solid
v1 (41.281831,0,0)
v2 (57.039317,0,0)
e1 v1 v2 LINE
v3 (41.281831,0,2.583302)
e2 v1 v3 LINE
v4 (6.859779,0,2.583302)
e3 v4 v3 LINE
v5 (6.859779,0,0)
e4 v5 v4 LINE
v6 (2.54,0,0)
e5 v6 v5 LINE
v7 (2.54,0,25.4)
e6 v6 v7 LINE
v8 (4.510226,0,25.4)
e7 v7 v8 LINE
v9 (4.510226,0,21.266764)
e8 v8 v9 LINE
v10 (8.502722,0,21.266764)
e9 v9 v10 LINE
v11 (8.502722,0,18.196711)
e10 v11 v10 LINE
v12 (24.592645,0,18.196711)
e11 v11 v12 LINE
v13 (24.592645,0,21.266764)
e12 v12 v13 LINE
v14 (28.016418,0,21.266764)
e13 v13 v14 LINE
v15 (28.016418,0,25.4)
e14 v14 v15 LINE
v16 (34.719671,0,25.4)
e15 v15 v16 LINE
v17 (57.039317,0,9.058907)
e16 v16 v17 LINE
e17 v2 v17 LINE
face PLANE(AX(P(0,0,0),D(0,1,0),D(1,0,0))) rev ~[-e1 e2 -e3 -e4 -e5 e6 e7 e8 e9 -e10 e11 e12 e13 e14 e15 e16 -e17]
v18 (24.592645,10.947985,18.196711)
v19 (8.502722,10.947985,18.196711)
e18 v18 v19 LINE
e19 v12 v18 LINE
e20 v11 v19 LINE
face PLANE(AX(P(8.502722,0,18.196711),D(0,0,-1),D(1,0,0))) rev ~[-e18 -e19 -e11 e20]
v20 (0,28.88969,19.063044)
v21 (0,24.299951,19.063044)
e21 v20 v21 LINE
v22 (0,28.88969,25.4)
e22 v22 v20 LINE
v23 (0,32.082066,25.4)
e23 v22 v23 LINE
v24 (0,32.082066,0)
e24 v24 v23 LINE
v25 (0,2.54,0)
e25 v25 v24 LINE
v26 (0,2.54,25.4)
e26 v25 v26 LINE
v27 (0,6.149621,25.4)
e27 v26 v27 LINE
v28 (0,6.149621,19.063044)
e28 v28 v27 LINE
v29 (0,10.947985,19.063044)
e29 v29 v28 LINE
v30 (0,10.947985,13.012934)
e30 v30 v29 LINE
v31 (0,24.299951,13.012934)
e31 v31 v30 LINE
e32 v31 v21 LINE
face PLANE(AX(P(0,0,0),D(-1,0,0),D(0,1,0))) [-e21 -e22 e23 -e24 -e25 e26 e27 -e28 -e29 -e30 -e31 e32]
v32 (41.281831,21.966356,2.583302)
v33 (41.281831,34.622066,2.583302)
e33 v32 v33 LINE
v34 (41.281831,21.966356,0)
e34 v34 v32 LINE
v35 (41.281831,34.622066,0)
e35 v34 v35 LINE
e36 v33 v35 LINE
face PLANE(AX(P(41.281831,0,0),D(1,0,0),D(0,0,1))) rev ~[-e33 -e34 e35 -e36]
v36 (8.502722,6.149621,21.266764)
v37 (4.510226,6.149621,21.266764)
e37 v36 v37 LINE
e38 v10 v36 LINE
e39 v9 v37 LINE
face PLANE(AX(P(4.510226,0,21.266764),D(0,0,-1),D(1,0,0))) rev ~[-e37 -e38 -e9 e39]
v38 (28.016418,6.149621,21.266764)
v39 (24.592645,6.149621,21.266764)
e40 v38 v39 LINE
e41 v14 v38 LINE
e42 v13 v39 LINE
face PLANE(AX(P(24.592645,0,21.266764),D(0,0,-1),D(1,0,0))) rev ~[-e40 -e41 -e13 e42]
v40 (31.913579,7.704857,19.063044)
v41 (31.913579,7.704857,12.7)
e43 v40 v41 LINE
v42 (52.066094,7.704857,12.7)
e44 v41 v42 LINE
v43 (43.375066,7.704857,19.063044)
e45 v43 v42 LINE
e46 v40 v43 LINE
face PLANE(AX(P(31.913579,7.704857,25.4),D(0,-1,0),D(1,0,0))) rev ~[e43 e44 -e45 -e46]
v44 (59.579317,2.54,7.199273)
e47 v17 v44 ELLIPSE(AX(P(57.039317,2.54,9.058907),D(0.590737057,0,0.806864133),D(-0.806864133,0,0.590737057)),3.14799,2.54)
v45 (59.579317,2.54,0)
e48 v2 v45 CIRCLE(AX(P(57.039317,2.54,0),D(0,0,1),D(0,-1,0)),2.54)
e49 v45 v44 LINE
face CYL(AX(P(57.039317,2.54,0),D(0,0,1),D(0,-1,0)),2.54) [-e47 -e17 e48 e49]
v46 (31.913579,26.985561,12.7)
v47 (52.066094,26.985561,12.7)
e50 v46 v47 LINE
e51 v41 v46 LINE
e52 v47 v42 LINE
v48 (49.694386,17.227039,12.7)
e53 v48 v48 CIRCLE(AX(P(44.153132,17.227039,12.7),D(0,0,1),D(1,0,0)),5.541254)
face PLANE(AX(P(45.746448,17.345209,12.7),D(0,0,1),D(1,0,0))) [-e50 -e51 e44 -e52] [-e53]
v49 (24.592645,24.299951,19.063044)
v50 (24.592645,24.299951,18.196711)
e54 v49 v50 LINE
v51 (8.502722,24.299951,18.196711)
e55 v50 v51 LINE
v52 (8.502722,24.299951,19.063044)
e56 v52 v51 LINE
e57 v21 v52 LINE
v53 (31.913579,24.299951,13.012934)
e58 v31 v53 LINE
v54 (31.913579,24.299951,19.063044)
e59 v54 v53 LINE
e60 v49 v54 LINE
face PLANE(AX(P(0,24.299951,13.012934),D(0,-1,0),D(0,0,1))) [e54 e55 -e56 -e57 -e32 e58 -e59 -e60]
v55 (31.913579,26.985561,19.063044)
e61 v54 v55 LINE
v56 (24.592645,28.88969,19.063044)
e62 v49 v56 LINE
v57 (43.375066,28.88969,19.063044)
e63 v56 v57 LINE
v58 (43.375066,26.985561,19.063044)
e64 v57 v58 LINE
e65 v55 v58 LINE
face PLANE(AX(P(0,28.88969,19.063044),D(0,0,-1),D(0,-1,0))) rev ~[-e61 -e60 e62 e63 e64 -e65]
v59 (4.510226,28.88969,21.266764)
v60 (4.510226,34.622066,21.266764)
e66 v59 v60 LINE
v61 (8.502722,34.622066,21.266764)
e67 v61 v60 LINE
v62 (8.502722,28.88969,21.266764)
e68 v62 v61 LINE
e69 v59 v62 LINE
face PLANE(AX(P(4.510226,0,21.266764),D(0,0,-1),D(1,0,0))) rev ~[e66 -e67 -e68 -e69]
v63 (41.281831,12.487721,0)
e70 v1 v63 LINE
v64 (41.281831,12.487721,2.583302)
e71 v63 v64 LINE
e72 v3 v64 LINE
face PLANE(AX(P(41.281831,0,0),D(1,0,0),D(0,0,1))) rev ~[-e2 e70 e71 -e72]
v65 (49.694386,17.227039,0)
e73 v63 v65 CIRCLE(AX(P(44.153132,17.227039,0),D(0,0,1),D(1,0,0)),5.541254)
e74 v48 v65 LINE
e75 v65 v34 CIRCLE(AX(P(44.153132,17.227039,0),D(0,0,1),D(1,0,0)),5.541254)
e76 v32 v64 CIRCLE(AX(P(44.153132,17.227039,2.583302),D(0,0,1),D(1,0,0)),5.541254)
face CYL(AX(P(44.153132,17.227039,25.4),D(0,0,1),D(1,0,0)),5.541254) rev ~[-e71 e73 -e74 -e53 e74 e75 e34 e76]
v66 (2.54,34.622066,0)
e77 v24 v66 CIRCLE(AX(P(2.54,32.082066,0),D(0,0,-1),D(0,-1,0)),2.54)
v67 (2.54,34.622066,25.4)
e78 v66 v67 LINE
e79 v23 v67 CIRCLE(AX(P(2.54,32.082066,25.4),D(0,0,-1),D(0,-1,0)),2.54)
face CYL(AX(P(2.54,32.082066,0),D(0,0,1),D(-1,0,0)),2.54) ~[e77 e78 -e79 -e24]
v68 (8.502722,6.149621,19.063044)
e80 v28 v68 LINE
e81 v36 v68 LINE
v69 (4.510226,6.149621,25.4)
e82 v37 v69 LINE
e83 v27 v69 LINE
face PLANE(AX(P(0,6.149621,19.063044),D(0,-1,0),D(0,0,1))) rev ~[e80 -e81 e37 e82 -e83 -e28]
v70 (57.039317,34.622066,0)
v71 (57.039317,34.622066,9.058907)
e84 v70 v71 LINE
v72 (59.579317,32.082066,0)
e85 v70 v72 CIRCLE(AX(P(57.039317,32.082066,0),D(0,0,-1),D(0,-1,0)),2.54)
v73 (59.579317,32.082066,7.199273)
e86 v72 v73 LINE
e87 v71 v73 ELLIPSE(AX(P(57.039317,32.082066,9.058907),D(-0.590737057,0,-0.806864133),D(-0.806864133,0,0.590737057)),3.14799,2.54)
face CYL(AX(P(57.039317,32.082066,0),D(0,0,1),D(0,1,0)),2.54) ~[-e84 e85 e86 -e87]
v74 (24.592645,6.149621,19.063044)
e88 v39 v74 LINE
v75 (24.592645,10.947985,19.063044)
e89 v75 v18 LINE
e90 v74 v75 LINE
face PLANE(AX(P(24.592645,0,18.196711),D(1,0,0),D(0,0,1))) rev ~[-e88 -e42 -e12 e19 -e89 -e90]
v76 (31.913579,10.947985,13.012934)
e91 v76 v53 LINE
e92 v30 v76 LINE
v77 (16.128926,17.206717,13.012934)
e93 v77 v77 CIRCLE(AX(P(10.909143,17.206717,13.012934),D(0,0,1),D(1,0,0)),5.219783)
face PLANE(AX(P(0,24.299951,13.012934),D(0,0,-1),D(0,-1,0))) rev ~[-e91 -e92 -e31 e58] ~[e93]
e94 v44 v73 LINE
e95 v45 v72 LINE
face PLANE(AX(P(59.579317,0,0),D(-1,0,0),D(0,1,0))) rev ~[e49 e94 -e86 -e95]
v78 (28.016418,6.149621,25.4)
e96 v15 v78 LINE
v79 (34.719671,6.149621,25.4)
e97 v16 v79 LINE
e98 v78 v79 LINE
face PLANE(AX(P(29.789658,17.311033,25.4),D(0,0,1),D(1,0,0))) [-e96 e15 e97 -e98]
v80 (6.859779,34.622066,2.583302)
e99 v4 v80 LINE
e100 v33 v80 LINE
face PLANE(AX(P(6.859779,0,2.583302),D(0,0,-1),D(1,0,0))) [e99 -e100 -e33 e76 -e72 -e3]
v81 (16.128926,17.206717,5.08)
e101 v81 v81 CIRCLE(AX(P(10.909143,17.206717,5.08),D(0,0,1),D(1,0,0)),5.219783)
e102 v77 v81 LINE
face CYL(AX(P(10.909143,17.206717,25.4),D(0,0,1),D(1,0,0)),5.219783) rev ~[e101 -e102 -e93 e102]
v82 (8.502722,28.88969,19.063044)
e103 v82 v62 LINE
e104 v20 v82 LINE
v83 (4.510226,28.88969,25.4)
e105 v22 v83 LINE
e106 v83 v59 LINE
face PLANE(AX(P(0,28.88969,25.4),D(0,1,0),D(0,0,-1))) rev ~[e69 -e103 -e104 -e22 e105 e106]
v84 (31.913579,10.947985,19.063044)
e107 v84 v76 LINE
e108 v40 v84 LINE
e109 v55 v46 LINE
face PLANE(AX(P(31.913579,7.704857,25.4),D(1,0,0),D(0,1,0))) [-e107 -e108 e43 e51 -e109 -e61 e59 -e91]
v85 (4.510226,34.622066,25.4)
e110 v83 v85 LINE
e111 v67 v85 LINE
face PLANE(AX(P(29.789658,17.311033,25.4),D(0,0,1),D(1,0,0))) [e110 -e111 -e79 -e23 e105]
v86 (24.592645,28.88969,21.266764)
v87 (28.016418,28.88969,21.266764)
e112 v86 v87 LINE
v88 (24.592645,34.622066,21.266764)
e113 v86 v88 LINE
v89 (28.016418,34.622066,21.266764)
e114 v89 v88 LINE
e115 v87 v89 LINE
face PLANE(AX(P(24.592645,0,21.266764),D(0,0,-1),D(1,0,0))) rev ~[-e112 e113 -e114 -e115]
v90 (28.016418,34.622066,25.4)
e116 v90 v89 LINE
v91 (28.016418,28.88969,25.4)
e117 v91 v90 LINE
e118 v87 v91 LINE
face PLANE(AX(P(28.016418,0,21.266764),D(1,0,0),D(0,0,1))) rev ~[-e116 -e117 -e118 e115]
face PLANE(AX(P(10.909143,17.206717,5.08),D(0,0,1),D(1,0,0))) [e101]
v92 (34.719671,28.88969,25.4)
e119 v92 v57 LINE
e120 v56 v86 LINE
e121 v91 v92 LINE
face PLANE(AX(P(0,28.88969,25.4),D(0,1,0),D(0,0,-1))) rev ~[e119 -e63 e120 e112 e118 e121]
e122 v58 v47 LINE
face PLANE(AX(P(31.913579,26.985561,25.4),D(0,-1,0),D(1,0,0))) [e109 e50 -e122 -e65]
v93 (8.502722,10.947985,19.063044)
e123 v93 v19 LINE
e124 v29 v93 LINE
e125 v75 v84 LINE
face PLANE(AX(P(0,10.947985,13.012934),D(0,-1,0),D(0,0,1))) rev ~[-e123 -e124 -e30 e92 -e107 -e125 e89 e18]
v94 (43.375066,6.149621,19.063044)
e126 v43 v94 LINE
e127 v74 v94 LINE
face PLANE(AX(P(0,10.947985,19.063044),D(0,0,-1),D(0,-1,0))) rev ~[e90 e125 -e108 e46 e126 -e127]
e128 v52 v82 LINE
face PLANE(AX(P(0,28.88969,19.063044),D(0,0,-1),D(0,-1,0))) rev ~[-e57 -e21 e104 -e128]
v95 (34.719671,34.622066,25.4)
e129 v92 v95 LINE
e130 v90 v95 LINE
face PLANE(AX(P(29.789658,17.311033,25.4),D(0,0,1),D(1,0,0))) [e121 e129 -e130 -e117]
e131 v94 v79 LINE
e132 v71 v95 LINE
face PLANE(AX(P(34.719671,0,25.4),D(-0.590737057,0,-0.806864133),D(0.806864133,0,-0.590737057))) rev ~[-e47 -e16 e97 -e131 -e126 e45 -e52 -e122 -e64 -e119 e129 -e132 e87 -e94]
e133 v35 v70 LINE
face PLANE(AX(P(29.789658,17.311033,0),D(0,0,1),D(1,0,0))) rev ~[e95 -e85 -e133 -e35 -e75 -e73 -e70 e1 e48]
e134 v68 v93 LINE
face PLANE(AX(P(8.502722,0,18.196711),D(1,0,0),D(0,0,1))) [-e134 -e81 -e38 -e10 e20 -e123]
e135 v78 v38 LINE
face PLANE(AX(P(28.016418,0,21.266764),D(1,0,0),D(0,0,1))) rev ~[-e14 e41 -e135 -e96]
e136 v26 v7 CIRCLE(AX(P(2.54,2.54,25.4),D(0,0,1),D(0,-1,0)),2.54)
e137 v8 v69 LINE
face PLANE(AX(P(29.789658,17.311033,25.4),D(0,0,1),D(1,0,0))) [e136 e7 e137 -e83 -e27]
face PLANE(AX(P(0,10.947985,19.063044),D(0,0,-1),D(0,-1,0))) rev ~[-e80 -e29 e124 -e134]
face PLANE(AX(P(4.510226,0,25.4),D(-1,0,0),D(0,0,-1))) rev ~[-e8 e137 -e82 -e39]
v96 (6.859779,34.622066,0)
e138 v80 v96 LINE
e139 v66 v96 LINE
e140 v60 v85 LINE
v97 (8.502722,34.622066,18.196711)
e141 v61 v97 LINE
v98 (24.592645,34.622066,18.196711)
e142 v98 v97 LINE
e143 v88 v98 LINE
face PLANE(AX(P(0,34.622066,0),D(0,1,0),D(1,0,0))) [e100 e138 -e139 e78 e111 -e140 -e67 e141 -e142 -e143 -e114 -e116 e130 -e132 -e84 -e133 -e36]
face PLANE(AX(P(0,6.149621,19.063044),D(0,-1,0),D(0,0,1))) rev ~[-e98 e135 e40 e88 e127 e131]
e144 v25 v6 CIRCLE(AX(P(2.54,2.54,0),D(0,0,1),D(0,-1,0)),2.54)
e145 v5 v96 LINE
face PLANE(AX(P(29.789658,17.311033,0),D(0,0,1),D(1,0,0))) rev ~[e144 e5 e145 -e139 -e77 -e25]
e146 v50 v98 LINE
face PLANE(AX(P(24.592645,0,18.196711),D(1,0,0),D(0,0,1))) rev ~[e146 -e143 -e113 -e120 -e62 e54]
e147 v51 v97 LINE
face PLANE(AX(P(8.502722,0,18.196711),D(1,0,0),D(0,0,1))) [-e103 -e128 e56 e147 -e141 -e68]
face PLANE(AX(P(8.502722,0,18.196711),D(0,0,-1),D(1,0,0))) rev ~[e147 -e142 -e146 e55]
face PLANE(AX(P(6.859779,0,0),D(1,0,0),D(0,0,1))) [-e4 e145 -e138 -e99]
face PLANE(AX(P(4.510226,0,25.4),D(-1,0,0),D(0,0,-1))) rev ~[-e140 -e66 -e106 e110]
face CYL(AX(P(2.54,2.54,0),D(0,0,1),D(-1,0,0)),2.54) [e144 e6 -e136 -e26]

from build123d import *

# Parameters (mm, degrees)
F0_W      = 59.5793165267
F0_H      = 34.6220657229
F1_DEPTH  = 25.4
F3_R      = 5.5412544658
F4_DEPTH  = 25.401
F5_W      = 27.6657380164
F5_H      = 19.280704204
F5_R      = 5.5412544658
F6_DEPTH  = 12.7
F8_DEPTH  = 34.6230657229
F9_W      = 16.0899236798
F9_H      = 3.0700527132
F9_W_2    = 34.4220511615
F9_H_2    = 2.5833016261
F10_DEPTH = 34.6230657229
F11_W     = 13.3519666269
F11_H     = 6.0501107946
F12_DEPTH = 59.5803165267
F2_R      = 5.219783031
F14_DEPTH = 7.62
F13_R     = 5.219783031
F15_DEPTH = 20.32
F16_R     = 2.54


with BuildPart() as f1:
    # F0 (on Top) → F1 (new body)
    with BuildSketch(Plane.XY):
        with Locations((29.7896582633, 17.3110328615)):
            Rectangle(F0_W, F0_H)
    extrude(amount=F1_DEPTH)

    # F3 (on face) → F4 (cut, through all)
    with BuildSketch(Plane.XY.offset(25.4)):
        with Locations((44.1531315446, 17.2270387411)):
            Circle(F3_R)
    extrude(amount=-F4_DEPTH, mode=Mode.SUBTRACT)

    # F5 (on face) → F6 (cut)
    with BuildSketch(Plane.XY.offset(25.4)):
        with Locations((45.7464475185, 17.3452093732)):
            Rectangle(F5_W, F5_H)
        with Locations((44.1531315446, 17.2270387411)):
            Circle(F5_R, mode=Mode.SUBTRACT)
    extrude(amount=-F6_DEPTH, mode=Mode.SUBTRACT)

    # F7 (on face) → F8 (cut, through all)
    with BuildSketch(Plane.XZ):
        Polygon((59.5793165267, 25.4), (34.7196712036, 25.4), (59.5793165267, 7.1992731339), align=None)
    extrude(amount=-F8_DEPTH, mode=Mode.SUBTRACT)

    # F9 (on face) → F10 (cut, through all)
    with BuildSketch(Plane.XZ):
        Polygon((28.0164182186, 25.4), (4.5102257282, 25.4), (4.5102257282, 21.2667640299), (8.5027217865, 21.2667640299), (24.5926454663, 21.2667640299), (28.0164182186, 21.2667640299), align=None)
        with Locations((16.5476836264, 19.7317376733)):
            Rectangle(F9_W, F9_H)
        with Locations((24.0708049387, 1.2916508131)):
            Rectangle(F9_W_2, F9_H_2)
    extrude(amount=-F10_DEPTH, mode=Mode.SUBTRACT)

    # F11 (on face) → F12 (cut, through all)
    with BuildSketch(Plane(origin=(0, 0, 0), x_dir=(0, -1, 0), z_dir=(-1, 0, 0))):
        Polygon((-6.1496212147, 25.4), (-28.8896895945, 25.4), (-28.8896895945, 19.0630443394), (-24.2999512702, 19.0630443394), (-10.9479846433, 19.0630443394), (-6.1496212147, 19.0630443394), align=None)
        with Locations((-17.6239679568, 16.0379889421)):
            Rectangle(F11_W, F11_H)
    extrude(amount=-F12_DEPTH, mode=Mode.SUBTRACT)

    # F2 (on face) → F14 (cut)
    with BuildSketch(Plane.XY.offset(25.4)):
        with Locations((10.909142904, 17.2067172825)):
            Circle(F2_R)
    extrude(amount=-F14_DEPTH, mode=Mode.SUBTRACT)

    # F13 (on face) → F15 (cut)
    with BuildSketch(Plane.XY.offset(25.4)):
        with Locations((10.909142904, 17.2067172825)):
            Circle(F13_R)
    extrude(amount=-F15_DEPTH, mode=Mode.SUBTRACT)

    # F16
    f16_edges = [f1.edges().sort_by_distance(p)[0] for p in [
        (0, 0, 12.7),
        (59.579317, 0, 3.599637),
        (59.579317, 34.622066, 3.599637),
        (0, 34.622066, 12.7),
    ]]
    fillet(f16_edges, radius=F16_R)


solid = f1.part
